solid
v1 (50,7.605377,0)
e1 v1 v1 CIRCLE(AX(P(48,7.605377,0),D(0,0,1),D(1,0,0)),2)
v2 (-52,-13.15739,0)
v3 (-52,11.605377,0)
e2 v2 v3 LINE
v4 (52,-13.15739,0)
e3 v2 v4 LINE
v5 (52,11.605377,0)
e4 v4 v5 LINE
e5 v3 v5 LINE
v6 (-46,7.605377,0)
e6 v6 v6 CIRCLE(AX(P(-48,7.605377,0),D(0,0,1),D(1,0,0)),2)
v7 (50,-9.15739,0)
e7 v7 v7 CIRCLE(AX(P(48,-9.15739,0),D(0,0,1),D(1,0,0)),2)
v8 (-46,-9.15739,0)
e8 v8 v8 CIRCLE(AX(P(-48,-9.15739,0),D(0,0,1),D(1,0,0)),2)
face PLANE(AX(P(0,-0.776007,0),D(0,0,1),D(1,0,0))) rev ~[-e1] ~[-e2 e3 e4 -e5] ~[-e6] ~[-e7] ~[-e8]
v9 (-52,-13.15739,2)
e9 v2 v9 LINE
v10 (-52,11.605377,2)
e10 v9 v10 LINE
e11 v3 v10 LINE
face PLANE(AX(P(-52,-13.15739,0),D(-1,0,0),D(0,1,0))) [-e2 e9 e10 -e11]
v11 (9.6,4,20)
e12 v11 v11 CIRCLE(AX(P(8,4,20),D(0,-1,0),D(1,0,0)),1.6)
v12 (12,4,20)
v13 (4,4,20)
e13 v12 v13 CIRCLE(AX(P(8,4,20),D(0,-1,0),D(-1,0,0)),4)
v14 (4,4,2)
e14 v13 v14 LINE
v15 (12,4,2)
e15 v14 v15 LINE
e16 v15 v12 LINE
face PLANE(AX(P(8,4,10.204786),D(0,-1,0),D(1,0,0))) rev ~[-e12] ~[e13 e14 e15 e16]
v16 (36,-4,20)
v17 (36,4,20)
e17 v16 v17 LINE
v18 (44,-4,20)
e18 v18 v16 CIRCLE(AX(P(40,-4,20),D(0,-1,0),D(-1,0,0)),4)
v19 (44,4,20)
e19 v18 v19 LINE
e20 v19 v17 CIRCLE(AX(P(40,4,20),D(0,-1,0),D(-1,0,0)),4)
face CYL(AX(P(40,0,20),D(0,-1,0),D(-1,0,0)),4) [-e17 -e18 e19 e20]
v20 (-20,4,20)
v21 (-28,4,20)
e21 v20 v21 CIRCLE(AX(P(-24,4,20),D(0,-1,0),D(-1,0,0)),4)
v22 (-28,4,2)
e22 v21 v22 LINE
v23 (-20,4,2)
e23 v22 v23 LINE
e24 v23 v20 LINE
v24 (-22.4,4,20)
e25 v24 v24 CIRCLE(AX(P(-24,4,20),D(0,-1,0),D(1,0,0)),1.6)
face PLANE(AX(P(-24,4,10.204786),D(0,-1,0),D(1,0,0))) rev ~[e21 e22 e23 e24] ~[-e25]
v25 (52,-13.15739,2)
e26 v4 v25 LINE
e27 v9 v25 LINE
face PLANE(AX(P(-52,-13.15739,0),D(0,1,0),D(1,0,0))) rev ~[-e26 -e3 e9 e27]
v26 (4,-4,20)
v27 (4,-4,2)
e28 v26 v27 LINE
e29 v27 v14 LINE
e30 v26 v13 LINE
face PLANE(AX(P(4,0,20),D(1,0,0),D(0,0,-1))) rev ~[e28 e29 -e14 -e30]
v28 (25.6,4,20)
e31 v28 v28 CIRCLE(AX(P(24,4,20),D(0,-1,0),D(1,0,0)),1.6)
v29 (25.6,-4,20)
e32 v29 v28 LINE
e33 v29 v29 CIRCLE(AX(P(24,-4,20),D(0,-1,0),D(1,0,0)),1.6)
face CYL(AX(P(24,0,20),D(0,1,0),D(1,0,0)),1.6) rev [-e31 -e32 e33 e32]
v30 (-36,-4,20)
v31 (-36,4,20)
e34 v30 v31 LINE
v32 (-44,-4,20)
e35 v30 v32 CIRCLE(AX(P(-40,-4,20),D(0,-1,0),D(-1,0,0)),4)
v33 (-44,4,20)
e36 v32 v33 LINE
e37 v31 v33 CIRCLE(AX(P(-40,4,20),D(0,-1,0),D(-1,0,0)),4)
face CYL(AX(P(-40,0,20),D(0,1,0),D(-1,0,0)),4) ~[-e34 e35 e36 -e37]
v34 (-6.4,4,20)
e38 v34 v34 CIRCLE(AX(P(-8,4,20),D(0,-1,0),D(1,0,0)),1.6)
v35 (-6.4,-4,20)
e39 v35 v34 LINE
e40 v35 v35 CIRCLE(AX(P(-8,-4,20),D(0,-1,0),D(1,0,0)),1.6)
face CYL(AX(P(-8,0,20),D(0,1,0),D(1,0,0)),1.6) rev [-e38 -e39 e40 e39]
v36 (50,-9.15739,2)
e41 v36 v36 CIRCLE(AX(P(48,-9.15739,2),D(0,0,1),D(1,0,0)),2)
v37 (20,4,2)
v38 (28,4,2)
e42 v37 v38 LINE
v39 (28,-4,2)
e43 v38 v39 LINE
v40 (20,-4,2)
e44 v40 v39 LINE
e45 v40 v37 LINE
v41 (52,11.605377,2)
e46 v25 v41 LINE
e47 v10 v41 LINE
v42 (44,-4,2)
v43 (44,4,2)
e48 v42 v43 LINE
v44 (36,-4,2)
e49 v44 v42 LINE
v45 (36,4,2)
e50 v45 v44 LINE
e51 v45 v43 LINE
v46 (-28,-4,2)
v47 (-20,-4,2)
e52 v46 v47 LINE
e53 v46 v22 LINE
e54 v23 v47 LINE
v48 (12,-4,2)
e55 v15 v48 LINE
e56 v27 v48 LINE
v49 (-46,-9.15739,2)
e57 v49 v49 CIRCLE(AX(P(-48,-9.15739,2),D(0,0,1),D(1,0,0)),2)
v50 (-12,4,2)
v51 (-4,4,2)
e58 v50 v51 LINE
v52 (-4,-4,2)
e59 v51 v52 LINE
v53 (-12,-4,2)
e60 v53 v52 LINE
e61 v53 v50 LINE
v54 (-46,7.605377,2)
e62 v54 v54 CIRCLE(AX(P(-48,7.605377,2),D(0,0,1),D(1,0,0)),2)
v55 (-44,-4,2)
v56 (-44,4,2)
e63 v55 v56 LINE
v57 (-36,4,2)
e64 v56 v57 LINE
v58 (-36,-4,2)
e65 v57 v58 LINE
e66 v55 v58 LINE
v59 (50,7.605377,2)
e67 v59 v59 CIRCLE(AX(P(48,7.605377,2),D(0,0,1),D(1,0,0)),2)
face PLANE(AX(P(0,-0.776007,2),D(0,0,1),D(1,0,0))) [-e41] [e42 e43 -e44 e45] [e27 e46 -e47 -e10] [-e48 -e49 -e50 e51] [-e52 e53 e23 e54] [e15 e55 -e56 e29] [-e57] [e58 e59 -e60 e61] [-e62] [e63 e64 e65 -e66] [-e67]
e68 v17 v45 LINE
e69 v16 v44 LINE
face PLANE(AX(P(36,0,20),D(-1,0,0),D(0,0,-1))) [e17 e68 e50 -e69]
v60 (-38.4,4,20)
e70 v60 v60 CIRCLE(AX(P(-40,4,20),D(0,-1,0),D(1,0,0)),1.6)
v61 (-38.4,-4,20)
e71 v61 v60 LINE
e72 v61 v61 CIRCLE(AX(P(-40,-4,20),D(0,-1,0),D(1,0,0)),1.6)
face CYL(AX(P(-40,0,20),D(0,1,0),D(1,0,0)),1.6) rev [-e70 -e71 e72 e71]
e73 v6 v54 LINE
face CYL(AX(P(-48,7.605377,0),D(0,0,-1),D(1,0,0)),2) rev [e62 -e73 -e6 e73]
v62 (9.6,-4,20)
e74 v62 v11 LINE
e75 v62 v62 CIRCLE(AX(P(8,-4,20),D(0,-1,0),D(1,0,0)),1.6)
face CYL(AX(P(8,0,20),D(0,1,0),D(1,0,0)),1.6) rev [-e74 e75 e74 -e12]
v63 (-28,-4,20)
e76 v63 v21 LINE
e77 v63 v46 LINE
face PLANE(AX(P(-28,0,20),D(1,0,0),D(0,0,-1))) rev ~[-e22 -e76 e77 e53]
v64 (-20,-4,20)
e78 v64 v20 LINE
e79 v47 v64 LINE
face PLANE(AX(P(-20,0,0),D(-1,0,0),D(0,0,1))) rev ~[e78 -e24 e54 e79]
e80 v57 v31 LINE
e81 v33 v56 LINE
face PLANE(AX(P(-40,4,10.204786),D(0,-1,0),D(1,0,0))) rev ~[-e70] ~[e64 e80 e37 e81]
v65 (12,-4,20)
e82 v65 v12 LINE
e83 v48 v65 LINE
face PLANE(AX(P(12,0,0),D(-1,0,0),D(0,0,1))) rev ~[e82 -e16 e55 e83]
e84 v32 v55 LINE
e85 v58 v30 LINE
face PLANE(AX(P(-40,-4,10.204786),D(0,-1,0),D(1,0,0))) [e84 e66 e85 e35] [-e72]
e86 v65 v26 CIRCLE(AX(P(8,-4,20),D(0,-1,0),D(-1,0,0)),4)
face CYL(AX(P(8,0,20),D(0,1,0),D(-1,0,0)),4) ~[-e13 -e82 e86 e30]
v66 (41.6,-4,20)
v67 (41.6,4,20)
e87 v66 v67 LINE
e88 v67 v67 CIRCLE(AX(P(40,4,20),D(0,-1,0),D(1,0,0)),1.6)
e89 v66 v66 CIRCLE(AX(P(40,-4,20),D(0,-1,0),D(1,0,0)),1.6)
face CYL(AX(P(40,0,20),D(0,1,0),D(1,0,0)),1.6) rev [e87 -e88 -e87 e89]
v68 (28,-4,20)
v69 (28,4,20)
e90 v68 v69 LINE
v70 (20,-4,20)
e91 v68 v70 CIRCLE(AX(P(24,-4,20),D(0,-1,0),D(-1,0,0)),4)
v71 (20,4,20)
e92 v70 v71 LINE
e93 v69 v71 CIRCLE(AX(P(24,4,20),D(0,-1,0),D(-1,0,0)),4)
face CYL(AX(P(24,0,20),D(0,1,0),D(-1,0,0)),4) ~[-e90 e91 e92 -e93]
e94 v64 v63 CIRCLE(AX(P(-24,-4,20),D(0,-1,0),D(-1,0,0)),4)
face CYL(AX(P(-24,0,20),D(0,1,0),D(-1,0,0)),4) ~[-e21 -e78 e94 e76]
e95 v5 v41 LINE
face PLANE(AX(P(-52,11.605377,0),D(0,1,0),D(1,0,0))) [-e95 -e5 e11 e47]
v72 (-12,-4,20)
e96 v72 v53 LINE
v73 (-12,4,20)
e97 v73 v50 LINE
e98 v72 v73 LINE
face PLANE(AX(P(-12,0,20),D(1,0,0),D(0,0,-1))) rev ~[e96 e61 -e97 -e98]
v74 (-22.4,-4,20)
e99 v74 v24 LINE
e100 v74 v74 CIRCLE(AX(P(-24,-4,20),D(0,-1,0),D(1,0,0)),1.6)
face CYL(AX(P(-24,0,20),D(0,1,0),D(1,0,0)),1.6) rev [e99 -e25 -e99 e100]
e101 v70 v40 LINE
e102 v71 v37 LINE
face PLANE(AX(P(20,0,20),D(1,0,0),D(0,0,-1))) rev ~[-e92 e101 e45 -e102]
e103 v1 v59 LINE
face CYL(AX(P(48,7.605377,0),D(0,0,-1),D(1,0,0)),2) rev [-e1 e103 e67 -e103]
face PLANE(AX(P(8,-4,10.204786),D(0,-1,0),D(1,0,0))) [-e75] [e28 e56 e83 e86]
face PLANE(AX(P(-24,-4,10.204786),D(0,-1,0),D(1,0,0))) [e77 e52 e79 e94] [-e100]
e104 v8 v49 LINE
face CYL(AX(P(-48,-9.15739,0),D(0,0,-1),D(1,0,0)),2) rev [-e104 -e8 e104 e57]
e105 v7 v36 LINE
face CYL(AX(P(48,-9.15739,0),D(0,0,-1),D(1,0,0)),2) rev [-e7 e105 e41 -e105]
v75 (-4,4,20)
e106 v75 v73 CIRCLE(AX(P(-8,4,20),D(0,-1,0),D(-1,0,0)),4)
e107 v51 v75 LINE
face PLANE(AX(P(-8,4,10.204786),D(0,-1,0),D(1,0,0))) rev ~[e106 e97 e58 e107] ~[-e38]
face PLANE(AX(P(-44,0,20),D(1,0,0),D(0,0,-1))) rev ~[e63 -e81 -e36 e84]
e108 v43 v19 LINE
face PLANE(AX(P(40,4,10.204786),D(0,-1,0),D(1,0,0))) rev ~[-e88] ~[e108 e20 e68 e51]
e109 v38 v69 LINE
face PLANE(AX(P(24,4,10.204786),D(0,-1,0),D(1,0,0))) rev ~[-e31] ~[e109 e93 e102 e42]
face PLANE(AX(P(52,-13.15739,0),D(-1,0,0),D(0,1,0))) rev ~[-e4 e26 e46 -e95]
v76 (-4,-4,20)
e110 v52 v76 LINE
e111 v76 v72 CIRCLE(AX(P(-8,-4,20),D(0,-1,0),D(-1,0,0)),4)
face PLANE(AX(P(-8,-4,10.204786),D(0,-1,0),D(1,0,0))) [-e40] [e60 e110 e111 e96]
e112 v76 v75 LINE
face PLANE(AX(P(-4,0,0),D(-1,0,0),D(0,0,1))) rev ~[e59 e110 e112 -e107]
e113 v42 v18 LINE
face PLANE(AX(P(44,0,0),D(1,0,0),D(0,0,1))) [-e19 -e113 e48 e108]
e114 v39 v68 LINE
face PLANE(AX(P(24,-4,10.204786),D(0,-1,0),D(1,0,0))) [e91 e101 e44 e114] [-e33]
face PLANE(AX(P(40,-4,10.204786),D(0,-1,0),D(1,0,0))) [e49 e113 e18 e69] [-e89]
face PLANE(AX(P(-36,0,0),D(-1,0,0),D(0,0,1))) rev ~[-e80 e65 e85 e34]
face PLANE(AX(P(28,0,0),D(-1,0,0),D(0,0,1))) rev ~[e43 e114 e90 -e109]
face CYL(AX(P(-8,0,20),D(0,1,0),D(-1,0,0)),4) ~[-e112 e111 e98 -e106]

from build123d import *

# Parameters (mm, degrees)
F0_W     = 104
F0_H     = 24.762767
F0_R     = 2
F1_DEPTH = 2
F2_R     = 1.6
F3_DEPTH = 4


with BuildPart() as f1:
    # F0 (on Top) → F1 (new body)
    with BuildSketch(Plane.XY):
        with Locations((0, -0.776007)):
            Rectangle(F0_W, F0_H)
        with Locations((-48, -9.15739)):
            Circle(F0_R, mode=Mode.SUBTRACT)
        with Locations((48, -9.15739)):
            Circle(F0_R, mode=Mode.SUBTRACT)
        with Locations((-48, 7.605377)):
            Circle(F0_R, mode=Mode.SUBTRACT)
        with Locations((48, 7.605377)):
            Circle(F0_R, mode=Mode.SUBTRACT)
    extrude(amount=F1_DEPTH)

    # F2 (on Front) → F3 (join, symmetric)
    with BuildSketch(Plane.XZ):
        with BuildLine():
            Line((-28, 20), (-28, 0))
            Line((-28, 0), (-20, 0))
            Line((-20, 0), (-20, 20))
            ThreePointArc((-20, 20), (-24, 16), (-28, 20))
        make_face()
        with BuildLine():
            ThreePointArc((-20, 20), (-24, 24), (-28, 20))
            ThreePointArc((-28, 20), (-24, 16), (-20, 20))
        make_face()
        with Locations((-24, 20)):
            Circle(F2_R, mode=Mode.SUBTRACT)
        with BuildLine():
            Line((20, 20), (20, 0))
            Line((20, 0), (28, 0))
            Line((28, 0), (28, 20))
            ThreePointArc((28, 20), (24, 16), (20, 20))
        make_face()
        with BuildLine():
            ThreePointArc((28, 20), (24, 24), (20, 20))
            ThreePointArc((20, 20), (24, 16), (28, 20))
        make_face()
        with Locations((24, 20)):
            Circle(F2_R, mode=Mode.SUBTRACT)
        with BuildLine():
            Line((-44, 20), (-44, 0))
            Line((-44, 0), (-36, 0))
            Line((-36, 0), (-36, 20))
            ThreePointArc((-36, 20), (-40, 16), (-44, 20))
        make_face()
        with BuildLine():
            ThreePointArc((-36, 20), (-40, 24), (-44, 20))
            ThreePointArc((-44, 20), (-40, 16), (-36, 20))
        make_face()
        with Locations((-40, 20)):
            Circle(F2_R, mode=Mode.SUBTRACT)
        with BuildLine():
            Line((-12, 20), (-12, 0))
            Line((-12, 0), (-4, 0))
            Line((-4, 0), (-4, 20))
            ThreePointArc((-4, 20), (-8, 16), (-12, 20))
        make_face()
        with BuildLine():
            ThreePointArc((-4, 20), (-8, 24), (-12, 20))
            ThreePointArc((-12, 20), (-8, 16), (-4, 20))
        make_face()
        with Locations((-8, 20)):
            Circle(F2_R, mode=Mode.SUBTRACT)
        with BuildLine():
            Line((4, 20), (4, 0))
            Line((4, 0), (12, 0))
            Line((12, 0), (12, 20))
            ThreePointArc((12, 20), (8, 16), (4, 20))
        make_face()
        with BuildLine():
            ThreePointArc((12, 20), (8, 24), (4, 20))
            ThreePointArc((4, 20), (8, 16), (12, 20))
        make_face()
        with Locations((8, 20)):
            Circle(F2_R, mode=Mode.SUBTRACT)
        with BuildLine():
            Line((36, 20), (36, 0))
            Line((36, 0), (44, 0))
            Line((44, 0), (44, 20))
            ThreePointArc((44, 20), (40, 16), (36, 20))
        make_face()
        with BuildLine():
            ThreePointArc((44, 20), (40, 24), (36, 20))
            ThreePointArc((36, 20), (40, 16), (44, 20))
        make_face()
        with Locations((40, 20)):
            Circle(F2_R, mode=Mode.SUBTRACT)
    extrude(amount=F3_DEPTH, both=True)


solid = f1.part
